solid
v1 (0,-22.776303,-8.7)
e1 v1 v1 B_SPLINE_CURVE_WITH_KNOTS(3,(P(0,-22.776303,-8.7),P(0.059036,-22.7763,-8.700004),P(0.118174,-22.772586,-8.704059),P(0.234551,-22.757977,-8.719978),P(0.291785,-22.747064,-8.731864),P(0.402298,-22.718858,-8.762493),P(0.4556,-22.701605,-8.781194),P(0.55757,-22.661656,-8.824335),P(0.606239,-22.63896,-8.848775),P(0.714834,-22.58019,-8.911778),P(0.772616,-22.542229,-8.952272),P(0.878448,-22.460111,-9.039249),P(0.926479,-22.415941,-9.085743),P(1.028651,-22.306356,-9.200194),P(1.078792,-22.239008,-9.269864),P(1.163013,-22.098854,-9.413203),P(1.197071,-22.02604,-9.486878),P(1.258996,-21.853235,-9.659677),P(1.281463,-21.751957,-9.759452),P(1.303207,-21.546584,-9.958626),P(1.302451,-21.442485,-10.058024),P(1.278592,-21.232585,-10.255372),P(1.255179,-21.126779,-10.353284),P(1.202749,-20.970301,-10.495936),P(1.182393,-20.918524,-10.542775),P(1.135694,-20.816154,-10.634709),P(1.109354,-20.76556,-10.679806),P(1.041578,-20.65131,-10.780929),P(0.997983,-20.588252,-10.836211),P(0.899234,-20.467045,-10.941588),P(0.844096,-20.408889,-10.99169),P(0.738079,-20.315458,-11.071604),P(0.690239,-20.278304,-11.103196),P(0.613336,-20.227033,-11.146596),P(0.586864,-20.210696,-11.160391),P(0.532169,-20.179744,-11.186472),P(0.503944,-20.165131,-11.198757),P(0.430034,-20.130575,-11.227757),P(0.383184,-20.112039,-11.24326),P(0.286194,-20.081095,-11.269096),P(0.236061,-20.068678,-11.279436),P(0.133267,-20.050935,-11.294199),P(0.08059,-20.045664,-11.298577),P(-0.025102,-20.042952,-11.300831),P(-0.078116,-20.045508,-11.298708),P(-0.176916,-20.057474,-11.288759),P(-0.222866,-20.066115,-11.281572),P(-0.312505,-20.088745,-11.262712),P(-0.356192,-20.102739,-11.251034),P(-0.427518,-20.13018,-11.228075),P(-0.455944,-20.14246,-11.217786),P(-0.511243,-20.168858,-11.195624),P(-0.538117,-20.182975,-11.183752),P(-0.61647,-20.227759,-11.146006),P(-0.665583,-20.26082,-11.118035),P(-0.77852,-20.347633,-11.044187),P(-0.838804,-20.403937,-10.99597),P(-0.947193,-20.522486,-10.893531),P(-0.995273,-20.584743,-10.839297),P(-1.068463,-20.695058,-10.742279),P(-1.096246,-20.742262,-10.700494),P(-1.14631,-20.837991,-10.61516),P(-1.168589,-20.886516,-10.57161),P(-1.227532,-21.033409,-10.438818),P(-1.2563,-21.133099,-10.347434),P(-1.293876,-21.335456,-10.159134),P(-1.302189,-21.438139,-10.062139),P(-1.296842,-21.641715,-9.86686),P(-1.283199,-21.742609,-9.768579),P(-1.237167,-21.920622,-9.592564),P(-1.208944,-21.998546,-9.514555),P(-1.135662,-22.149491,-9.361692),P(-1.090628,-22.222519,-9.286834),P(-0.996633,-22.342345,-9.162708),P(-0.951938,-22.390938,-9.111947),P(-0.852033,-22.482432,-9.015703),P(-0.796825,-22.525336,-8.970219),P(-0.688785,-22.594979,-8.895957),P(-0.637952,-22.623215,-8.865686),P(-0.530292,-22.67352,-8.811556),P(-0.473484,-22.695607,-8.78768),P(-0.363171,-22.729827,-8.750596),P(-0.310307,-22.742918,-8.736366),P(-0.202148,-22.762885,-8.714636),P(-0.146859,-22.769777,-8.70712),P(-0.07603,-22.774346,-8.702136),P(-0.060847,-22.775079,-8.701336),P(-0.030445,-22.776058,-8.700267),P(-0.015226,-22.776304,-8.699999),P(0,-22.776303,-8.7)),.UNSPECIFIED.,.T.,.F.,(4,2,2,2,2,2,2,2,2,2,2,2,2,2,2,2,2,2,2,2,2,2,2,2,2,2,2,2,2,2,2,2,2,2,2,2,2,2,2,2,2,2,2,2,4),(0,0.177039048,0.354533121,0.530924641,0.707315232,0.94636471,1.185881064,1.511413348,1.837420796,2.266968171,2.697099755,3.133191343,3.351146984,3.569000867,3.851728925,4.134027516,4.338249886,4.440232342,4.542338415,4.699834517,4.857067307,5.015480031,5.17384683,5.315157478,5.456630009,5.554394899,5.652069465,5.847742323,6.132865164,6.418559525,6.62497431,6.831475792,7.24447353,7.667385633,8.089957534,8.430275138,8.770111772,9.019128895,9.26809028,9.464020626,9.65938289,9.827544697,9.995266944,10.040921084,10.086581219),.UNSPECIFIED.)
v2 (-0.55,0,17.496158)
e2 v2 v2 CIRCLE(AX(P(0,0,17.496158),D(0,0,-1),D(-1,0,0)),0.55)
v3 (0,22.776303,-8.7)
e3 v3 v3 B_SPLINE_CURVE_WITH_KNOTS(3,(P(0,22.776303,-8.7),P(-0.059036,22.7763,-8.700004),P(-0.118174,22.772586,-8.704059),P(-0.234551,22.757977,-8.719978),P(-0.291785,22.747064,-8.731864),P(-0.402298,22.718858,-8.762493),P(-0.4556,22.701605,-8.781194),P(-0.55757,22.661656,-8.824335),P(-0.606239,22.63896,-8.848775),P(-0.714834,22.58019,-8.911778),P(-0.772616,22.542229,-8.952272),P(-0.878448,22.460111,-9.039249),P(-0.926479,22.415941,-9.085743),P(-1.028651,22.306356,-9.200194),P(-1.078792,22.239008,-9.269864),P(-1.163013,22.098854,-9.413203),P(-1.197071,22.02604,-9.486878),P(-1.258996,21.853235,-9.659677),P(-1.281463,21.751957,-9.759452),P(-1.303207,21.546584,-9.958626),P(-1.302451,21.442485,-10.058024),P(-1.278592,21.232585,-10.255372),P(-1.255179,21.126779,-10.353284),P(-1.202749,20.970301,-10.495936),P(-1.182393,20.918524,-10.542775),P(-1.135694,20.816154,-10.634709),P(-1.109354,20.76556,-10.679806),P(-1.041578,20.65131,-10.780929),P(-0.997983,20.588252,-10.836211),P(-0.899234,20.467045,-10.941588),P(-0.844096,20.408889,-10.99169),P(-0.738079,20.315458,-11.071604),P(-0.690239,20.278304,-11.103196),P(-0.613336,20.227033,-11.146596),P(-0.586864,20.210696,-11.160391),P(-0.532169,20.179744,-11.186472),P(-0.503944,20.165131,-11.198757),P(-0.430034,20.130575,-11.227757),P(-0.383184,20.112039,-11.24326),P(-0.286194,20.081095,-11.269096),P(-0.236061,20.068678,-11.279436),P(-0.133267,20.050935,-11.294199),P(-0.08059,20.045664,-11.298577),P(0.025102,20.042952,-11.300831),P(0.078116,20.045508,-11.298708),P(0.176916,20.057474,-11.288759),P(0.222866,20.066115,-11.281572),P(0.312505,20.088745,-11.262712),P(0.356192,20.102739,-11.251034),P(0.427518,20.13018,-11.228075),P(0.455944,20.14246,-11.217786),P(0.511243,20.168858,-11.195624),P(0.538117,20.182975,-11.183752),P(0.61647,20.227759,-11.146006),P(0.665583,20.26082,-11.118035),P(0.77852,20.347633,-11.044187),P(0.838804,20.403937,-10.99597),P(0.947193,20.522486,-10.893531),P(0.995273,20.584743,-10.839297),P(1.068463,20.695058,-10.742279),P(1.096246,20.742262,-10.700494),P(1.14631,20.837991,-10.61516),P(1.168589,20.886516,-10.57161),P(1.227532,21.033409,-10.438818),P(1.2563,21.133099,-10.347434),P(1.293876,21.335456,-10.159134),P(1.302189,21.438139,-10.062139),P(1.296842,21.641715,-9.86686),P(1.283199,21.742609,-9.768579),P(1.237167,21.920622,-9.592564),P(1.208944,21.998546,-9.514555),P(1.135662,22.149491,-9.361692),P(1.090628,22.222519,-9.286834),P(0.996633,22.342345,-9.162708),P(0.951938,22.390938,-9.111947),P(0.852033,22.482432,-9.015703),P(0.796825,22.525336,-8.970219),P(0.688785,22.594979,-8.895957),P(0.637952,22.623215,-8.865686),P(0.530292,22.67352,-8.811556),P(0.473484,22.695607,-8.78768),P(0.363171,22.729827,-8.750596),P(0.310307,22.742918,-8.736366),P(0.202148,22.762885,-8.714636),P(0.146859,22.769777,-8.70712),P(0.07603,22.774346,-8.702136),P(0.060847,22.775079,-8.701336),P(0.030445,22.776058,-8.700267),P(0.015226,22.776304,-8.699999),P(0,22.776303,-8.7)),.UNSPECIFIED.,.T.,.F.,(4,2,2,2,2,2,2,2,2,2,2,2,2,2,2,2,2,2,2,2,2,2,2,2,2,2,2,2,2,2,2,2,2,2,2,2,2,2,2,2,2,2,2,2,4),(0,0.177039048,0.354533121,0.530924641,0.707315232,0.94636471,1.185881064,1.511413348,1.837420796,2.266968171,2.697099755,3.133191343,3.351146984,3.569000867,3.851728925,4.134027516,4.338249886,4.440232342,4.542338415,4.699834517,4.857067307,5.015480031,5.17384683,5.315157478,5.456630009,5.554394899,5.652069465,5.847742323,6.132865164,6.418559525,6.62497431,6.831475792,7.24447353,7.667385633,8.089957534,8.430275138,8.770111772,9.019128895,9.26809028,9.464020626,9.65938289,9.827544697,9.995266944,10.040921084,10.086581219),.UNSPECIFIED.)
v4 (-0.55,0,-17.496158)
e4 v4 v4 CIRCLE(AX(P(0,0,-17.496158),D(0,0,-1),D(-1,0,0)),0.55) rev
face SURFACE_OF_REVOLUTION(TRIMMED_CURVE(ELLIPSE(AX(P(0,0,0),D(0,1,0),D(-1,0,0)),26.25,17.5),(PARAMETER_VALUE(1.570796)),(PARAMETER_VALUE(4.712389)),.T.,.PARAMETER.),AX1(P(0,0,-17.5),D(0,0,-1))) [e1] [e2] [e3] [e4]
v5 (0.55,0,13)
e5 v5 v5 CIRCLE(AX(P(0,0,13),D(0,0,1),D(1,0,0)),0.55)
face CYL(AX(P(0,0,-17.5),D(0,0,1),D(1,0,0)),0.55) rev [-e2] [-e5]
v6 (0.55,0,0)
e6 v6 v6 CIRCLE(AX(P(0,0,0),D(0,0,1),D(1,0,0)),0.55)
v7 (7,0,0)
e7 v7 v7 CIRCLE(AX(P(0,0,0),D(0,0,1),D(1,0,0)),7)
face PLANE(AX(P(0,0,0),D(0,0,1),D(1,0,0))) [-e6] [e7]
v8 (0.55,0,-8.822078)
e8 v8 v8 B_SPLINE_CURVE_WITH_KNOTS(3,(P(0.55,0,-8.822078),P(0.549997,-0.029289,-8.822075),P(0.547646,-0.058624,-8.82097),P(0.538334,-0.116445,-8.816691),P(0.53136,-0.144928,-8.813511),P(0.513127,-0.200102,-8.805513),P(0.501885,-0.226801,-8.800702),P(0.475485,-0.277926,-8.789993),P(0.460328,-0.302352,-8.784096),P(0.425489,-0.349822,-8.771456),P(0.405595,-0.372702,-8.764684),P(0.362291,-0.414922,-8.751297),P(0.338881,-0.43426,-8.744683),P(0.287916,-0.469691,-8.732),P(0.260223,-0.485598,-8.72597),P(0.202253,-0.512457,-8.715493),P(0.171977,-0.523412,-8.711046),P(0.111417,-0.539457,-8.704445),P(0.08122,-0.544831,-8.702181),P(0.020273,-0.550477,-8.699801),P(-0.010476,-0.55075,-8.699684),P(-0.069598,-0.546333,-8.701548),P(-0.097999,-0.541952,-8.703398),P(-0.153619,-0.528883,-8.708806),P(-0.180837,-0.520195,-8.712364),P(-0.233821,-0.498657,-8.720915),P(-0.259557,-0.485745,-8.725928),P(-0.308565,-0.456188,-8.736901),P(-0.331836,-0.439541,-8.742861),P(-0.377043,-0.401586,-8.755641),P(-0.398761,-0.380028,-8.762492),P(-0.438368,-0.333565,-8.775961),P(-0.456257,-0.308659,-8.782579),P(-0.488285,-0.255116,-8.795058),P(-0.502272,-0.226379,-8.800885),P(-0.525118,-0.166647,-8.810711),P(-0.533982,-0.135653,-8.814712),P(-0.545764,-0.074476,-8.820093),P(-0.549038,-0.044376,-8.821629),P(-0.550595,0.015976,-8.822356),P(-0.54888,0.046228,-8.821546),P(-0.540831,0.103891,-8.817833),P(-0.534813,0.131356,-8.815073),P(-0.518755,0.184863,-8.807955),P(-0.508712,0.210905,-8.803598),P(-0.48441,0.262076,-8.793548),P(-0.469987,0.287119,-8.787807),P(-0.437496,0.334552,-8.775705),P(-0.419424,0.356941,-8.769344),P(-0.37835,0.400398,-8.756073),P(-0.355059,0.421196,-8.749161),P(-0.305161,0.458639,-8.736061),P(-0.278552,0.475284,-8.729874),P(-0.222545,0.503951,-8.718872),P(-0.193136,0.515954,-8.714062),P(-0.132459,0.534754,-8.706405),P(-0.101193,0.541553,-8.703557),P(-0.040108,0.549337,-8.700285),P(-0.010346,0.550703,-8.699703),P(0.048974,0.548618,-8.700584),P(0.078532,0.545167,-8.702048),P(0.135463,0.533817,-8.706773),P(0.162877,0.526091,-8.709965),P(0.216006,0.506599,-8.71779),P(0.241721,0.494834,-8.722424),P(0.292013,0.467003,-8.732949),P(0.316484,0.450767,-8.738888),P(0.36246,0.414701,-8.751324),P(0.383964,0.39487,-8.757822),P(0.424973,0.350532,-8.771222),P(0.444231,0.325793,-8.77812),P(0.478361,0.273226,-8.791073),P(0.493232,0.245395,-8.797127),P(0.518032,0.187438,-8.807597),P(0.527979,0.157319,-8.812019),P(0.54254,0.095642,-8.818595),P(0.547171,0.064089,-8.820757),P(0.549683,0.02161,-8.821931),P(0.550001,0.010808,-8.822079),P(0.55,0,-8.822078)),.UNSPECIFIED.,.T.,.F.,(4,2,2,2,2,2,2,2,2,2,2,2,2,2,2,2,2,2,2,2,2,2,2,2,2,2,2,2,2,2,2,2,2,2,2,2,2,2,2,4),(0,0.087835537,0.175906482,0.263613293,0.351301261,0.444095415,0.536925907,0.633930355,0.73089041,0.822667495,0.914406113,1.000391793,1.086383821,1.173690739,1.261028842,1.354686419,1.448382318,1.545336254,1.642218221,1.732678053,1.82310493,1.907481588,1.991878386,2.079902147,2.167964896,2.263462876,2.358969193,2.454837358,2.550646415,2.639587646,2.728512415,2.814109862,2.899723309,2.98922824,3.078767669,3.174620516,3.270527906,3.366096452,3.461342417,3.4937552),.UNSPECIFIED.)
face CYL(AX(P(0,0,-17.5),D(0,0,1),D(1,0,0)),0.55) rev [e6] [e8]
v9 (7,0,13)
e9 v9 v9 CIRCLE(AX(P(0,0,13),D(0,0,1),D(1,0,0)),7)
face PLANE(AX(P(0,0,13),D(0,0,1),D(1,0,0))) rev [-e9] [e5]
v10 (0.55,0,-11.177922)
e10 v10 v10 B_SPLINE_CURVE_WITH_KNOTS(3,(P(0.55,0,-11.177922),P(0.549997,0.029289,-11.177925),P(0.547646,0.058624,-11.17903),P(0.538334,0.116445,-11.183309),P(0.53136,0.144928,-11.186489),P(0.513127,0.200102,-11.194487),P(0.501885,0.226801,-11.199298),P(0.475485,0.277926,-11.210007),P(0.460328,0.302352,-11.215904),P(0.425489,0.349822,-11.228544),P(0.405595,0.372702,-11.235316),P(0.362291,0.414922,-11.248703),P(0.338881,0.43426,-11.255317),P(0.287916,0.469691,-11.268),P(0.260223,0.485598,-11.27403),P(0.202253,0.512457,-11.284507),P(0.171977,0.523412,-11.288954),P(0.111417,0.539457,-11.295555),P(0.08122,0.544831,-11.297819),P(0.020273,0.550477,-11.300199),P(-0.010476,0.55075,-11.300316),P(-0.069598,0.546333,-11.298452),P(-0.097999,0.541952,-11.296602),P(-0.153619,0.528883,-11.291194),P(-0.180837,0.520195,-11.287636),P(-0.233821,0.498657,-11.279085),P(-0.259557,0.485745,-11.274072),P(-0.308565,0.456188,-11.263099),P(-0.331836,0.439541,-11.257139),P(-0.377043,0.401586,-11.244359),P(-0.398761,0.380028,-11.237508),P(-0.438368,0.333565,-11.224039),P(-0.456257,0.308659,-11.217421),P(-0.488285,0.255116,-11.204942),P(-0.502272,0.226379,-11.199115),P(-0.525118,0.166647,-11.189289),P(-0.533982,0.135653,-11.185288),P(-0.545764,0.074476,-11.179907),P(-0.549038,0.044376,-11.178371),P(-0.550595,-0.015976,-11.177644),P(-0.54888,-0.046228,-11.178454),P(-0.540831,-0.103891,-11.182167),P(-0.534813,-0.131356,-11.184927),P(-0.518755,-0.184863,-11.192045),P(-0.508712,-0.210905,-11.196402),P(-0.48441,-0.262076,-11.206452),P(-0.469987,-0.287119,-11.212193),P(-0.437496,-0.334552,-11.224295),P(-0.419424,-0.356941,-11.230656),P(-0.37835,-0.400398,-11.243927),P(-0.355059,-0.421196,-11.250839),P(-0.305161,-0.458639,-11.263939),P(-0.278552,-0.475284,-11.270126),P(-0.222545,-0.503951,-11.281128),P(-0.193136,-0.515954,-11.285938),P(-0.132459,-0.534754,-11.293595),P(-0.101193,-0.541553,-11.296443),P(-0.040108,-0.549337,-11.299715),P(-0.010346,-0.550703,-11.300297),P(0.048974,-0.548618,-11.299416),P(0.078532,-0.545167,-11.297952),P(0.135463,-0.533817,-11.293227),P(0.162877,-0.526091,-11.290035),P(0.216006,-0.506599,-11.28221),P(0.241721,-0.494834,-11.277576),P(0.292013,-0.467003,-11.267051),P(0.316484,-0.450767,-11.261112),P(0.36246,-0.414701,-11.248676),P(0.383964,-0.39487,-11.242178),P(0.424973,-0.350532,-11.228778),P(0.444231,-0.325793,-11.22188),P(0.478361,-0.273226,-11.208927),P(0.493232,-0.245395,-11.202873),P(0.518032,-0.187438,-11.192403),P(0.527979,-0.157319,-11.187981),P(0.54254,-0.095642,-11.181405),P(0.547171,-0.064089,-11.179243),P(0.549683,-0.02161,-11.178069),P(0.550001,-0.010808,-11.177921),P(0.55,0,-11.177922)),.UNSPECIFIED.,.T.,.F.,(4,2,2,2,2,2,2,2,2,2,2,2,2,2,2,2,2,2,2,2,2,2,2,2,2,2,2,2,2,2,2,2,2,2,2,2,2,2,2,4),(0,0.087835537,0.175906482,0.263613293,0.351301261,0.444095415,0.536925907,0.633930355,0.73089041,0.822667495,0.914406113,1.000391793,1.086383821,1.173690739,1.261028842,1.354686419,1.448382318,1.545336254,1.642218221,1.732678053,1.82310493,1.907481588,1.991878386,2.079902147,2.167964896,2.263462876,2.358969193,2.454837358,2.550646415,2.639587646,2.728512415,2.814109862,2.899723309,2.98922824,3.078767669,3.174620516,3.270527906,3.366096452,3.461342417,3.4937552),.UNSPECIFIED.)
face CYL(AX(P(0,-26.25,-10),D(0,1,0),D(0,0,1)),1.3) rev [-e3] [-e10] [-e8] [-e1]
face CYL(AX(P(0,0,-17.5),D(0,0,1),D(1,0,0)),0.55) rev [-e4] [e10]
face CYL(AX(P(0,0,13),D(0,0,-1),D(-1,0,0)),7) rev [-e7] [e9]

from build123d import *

# Parameters (mm, degrees)
SKETCH3_R               = 7
CUT_EXTRUDE1_DEPTH      = 13
CUT_EXTRUDE2_DEPTH      = 42.041138069
CUT_EXTRUDE2_DEPTH_BACK = 42.041138069
SKETCH4_R               = 0.55
CUT_EXTRUDE3_DEPTH      = 42.039500113
CUT_EXTRUDE3_DEPTH_BACK = 42.039500113
SKETCH5_R               = 1.3


with BuildPart() as part:
    # Sketch1 → Revolve4 (revolve)
    with BuildSketch(Plane(origin=(0, 0, 0), x_dir=(1, 0, 0), z_dir=(0, 1, 0))):
        with BuildLine():
            Line((0, 17.5), (0, -17.5))
            add(Edge.make_bspline(
                [(0, -17.5), (26.25, -17.5), (26.25, 0), (26.25, 17.5), (0, 17.5)],
                knots=[1.570796327, 1.570796327, 1.570796327, 3.141592654, 3.141592654, 4.71238898, 4.71238898, 4.71238898], degree=2, weights=[1, 0.707106781, 1, 0.707106781, 1]))
        make_face()
    revolve(axis=Axis((0, 0, -17.5), (0, 0, 1)))

    # Sketch3 → Cut-Extrude1 (cut)
    with BuildSketch(Plane.XY):
        Circle(SKETCH3_R)
    extrude(amount=CUT_EXTRUDE1_DEPTH, mode=Mode.SUBTRACT)

    # Sketch4 → Cut-Extrude2 (cut, two sides: drawn at the far end of the back side and taken through both)
    with BuildSketch(Plane.XY.offset(-CUT_EXTRUDE2_DEPTH_BACK)):
        Circle(SKETCH4_R)
    extrude(amount=CUT_EXTRUDE2_DEPTH + CUT_EXTRUDE2_DEPTH_BACK, mode=Mode.SUBTRACT)

    # Sketch5 → Cut-Extrude3 (cut, two sides: drawn at the far end of the back side and taken through both)
    with BuildSketch(Plane(origin=(0, 0, 0), x_dir=(1, 0, 0), z_dir=(0, 1, 0)).offset(-CUT_EXTRUDE3_DEPTH_BACK)):
        with Locations(Location((0, 10, 0), (0, 0, 270))):
            Circle(SKETCH5_R)
    extrude(amount=CUT_EXTRUDE3_DEPTH + CUT_EXTRUDE3_DEPTH_BACK, mode=Mode.SUBTRACT)


solid = part.part
